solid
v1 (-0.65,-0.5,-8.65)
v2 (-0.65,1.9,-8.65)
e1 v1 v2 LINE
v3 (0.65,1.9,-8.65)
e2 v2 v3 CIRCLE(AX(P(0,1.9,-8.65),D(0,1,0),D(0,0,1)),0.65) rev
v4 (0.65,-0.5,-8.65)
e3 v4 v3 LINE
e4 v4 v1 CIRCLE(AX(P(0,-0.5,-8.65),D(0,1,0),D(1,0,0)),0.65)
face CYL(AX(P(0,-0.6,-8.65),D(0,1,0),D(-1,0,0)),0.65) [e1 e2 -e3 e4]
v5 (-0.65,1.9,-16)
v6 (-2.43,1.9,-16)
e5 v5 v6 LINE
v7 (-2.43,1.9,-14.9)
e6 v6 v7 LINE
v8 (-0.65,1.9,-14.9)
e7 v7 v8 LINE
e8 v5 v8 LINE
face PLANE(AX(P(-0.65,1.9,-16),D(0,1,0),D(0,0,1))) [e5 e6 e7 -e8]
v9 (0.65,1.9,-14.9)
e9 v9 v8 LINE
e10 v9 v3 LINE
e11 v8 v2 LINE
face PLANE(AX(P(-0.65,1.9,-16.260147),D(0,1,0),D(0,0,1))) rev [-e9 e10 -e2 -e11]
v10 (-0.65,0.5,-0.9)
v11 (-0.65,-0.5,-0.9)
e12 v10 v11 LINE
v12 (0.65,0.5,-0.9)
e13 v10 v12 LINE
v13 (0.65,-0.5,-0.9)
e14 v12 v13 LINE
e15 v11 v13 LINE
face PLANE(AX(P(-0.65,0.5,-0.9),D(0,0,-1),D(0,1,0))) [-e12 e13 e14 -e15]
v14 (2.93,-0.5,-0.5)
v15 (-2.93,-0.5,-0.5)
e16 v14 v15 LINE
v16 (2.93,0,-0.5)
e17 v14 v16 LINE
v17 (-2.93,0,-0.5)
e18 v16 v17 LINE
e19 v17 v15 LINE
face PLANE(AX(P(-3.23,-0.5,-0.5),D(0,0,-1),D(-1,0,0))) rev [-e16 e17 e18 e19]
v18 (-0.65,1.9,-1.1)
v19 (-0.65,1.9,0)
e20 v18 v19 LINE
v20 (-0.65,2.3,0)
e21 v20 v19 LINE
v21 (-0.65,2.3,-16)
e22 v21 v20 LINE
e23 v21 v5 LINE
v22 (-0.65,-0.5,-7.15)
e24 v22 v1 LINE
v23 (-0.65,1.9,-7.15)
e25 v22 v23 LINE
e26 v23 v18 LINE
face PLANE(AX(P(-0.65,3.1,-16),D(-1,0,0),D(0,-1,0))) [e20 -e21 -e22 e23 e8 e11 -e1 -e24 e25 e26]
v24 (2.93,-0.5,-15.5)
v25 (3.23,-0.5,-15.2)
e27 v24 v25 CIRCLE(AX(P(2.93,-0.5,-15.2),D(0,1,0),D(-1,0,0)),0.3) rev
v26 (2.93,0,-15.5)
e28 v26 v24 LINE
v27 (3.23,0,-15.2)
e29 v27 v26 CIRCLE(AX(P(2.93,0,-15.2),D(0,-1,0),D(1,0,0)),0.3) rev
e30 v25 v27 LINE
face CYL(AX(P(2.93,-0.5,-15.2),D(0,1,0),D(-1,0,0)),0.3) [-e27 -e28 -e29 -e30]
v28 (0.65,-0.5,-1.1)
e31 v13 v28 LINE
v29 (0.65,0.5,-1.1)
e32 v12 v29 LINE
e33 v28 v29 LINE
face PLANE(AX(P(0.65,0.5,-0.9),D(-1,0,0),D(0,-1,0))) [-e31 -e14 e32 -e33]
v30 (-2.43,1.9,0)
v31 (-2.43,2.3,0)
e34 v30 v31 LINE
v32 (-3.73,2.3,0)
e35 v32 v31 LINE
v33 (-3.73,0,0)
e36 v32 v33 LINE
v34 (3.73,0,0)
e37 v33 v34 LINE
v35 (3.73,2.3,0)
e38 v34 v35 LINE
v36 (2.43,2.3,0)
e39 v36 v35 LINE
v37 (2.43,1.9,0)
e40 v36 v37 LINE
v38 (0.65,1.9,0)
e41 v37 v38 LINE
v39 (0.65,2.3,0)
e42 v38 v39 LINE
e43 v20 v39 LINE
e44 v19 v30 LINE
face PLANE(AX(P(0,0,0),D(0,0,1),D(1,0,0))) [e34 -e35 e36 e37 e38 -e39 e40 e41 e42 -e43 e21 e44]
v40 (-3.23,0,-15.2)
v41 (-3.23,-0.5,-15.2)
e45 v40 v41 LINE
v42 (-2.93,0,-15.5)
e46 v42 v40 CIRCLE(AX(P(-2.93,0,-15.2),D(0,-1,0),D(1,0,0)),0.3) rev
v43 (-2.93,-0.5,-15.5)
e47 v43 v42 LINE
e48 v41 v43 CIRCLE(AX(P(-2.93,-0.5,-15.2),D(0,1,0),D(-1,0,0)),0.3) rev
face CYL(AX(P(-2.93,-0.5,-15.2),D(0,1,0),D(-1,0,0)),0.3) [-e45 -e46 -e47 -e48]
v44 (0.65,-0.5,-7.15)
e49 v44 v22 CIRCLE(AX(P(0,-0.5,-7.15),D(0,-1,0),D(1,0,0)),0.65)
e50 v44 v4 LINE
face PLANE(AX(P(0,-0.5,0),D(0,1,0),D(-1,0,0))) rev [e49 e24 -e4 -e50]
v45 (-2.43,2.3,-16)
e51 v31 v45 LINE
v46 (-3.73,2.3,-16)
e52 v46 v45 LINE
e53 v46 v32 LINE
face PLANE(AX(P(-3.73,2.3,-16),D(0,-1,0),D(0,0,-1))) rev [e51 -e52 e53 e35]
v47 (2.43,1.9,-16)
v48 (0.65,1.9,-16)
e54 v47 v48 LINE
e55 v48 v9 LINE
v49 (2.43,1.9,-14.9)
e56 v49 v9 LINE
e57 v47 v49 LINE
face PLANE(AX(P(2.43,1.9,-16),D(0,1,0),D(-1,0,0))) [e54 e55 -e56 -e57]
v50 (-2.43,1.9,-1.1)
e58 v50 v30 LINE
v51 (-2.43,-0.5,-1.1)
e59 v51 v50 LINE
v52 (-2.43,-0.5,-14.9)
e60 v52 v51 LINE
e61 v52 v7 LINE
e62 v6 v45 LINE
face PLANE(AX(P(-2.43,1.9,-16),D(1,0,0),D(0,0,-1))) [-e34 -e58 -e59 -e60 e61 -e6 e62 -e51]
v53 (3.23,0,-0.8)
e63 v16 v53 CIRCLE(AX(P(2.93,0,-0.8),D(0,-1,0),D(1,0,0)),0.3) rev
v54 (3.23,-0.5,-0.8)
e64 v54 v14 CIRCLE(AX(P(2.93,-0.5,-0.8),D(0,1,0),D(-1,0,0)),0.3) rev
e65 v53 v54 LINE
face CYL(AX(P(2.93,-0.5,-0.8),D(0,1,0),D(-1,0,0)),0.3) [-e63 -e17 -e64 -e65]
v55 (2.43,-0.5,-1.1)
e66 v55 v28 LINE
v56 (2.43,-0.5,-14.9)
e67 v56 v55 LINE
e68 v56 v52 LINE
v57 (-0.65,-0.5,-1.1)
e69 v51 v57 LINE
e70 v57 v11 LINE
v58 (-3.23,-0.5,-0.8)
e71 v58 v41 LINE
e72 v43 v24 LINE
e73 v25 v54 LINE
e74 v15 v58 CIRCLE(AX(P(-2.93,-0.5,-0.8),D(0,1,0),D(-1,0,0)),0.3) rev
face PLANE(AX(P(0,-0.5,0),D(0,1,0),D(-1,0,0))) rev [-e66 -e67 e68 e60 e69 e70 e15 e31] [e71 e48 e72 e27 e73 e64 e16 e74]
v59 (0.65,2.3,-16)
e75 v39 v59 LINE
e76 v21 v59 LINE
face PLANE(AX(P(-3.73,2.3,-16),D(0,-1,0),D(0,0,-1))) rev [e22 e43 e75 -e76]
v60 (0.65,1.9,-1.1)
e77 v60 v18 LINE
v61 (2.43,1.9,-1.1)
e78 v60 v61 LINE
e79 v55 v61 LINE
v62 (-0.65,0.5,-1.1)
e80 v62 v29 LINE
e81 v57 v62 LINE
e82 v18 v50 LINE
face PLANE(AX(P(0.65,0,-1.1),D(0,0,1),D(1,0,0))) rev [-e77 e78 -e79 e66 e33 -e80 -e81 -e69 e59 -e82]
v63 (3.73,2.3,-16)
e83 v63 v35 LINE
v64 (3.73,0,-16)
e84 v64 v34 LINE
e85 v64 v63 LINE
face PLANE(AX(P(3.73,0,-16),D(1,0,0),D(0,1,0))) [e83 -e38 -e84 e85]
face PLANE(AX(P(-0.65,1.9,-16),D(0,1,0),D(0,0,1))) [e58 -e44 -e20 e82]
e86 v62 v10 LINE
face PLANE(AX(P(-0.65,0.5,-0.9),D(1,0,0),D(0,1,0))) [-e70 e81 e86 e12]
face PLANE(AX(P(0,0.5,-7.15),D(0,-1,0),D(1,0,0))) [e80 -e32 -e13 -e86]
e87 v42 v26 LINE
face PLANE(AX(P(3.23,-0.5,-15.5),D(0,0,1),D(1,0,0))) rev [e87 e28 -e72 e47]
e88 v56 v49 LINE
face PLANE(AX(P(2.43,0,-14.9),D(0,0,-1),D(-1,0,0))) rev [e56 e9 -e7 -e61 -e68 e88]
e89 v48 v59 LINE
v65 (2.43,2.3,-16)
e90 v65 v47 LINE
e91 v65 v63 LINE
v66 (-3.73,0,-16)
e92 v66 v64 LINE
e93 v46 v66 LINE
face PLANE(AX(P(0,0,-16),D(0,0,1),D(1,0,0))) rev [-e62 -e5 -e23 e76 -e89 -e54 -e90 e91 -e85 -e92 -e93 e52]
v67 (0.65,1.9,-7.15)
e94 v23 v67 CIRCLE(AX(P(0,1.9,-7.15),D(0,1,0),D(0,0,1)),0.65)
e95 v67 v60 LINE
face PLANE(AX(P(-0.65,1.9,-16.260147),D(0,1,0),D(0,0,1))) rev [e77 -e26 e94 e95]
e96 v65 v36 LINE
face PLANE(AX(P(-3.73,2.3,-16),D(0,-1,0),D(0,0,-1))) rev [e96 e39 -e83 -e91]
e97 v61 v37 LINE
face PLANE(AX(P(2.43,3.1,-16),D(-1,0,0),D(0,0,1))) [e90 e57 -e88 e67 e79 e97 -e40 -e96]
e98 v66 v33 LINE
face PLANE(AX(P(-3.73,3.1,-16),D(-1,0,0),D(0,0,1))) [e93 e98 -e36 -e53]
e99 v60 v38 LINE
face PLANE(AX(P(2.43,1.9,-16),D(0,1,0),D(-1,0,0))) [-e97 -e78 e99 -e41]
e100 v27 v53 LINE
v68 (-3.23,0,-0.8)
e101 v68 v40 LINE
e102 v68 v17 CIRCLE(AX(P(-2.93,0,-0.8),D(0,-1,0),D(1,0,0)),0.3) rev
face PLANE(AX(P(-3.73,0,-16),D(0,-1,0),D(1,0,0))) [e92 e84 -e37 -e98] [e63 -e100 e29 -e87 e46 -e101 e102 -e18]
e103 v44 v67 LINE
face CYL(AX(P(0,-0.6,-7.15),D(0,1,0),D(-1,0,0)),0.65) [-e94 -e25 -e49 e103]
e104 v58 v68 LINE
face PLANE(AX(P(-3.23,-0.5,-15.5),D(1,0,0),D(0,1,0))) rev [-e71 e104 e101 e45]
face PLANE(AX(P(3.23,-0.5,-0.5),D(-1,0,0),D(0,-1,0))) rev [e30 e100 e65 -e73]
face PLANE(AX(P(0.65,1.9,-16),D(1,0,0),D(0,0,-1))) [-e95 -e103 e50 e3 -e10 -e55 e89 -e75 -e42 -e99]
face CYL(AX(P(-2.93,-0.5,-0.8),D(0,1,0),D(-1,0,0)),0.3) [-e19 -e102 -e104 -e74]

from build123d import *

# Parameters (mm, degrees)
BOSS_EXTRUDE1_DEPTH = 16
SKETCH2_W           = 1.78
SKETCH2_H           = 13.8
CUT_EXTRUDE3_DEPTH  = 17.538527746
SKETCH3_W           = 1.3
SKETCH3_H           = 13.8
CUT_EXTRUDE4_DEPTH  = 2.8
BOSS_EXTRUDE2_DEPTH = 3.4
SKETCH5_W           = 6.46
SKETCH5_H           = 15
BOSS_EXTRUDE3_DEPTH = 0.5
SKETCH7_W           = 1.78
SKETCH7_H           = 13.8
CUT_EXTRUDE5_DEPTH  = 17.718938363
SKETCH8_W           = 1.3
SKETCH8_H           = 13.8
CUT_EXTRUDE6_DEPTH  = 0.1
CUT_EXTRUDE7_START  = -1
CUT_EXTRUDE7_DEPTH  = 1
FILLET1_R           = 0.3
SKETCH10_W          = 7.46
SKETCH10_H          = 0.8
CUT_EXTRUDE9_DEPTH  = 17.718938363
SKETCH11_W          = 1.3
SKETCH11_H          = 0.4
BOSS_EXTRUDE4_DEPTH = 13.8


with BuildPart() as part:
    # Sketch1 → Boss-Extrude1 (new body)
    with BuildSketch(Plane.XY):
        Polygon((-3.73, 0), (3.73, 0), (3.73, 3.1), (2.43, 3.1), (2.43, 1.9), (0.65, 1.9), (0.65, 3.1), (-0.65, 3.1), (-0.65, 1.9), (-2.43, 1.9), (-2.43, 3.1), (-3.73, 3.1), align=None)
    extrude(amount=-BOSS_EXTRUDE1_DEPTH)

    # Sketch2 → Cut-Extrude3 (cut, through all)
    with BuildSketch(Plane(origin=(0, 1.9, 0), x_dir=(1, 0, 0), z_dir=(0, 1, 0))):
        with Locations((1.54, 8)):
            Rectangle(SKETCH2_W, SKETCH2_H)
    cut_extrude3 = extrude(amount=-CUT_EXTRUDE3_DEPTH, mode=Mode.SUBTRACT)

    # Mirror1: Cut-Extrude3 across plane
    add(cut_extrude3.mirror(Plane(origin=(0, 0, 0), x_dir=(0, 0, 1), z_dir=(1, 0, 0))), mode=Mode.SUBTRACT)

    # Sketch3 → Cut-Extrude4 (cut)
    with BuildSketch(Plane.XZ):
        with Locations((0, -8)):
            Rectangle(SKETCH3_W, SKETCH3_H)
    extrude(amount=-CUT_EXTRUDE4_DEPTH, mode=Mode.SUBTRACT)

    # Sketch4 → Boss-Extrude2 (add)
    with BuildSketch(Plane.XZ.offset(-2.8)):
        with BuildLine():
            Line((0.65, -7.15), (0.65, -8.65))
            ThreePointArc((0.65, -8.65), (0, -9.3), (-0.65, -8.65))
            Line((-0.65, -8.65), (-0.65, -7.15))
            ThreePointArc((-0.65, -7.15), (0, -6.5), (0.65, -7.15))
        make_face()
    extrude(amount=BOSS_EXTRUDE2_DEPTH)

    # Sketch5 → Boss-Extrude3 (add)
    with BuildSketch(Plane.XZ):
        with Locations((0, -8)):
            Rectangle(SKETCH5_W, SKETCH5_H)
    extrude(amount=BOSS_EXTRUDE3_DEPTH)

    # Sketch7 → Cut-Extrude5 (cut, through all)
    with BuildSketch(Plane(origin=(0, 0, 0), x_dir=(1, 0, 0), z_dir=(0, 1, 0))):
        with Locations((-1.54, 8)):
            Rectangle(SKETCH7_W, SKETCH7_H)
    cut_extrude5 = extrude(amount=-CUT_EXTRUDE5_DEPTH, mode=Mode.SUBTRACT)

    # Mirror2: Cut-Extrude5 across plane
    add(cut_extrude5.mirror(Plane(origin=(0, 0, 0), x_dir=(0, 0, 1), z_dir=(1, 0, 0))), mode=Mode.SUBTRACT)

    # Sketch8 → Cut-Extrude6 (cut)
    with BuildSketch(Plane.XZ.offset(0.5)):
        with Locations((0, -8)):
            Rectangle(SKETCH8_W, SKETCH8_H)
    extrude(amount=CUT_EXTRUDE6_DEPTH, mode=Mode.SUBTRACT)

    # Sketch9 → Cut-Extrude7 (cut)
    with BuildSketch(Plane.XZ.offset(0.5).offset(CUT_EXTRUDE7_START)):
        with BuildLine():
            Line((-0.65, -14.9), (0.65, -14.9))
            Line((0.65, -14.9), (0.65, -8.65))
            ThreePointArc((0.65, -8.65), (0, -9.3), (-0.65, -8.65))
            Line((-0.65, -8.65), (-0.65, -14.9))
        make_face()
    cut_extrude7 = extrude(amount=CUT_EXTRUDE7_DEPTH, mode=Mode.SUBTRACT)

    # Mirror3: Cut-Extrude7 across plane
    add(cut_extrude7.mirror(Plane.XY.offset(-7.9)), mode=Mode.SUBTRACT)

    # Fillet1
    fillet1_edges = [part.edges().sort_by_distance(p)[0] for p in [
        (3.23, -0.25, -0.5),
        (-3.23, -0.25, -0.5),
        (-3.23, -0.25, -15.5),
        (3.23, -0.25, -15.5),
    ]]
    fillet(fillet1_edges, radius=FILLET1_R)

    # Sketch10 → Cut-Extrude9 (cut, through all)
    with BuildSketch(Plane.XY):
        with Locations((0, 2.7)):
            Rectangle(SKETCH10_W, SKETCH10_H)
    extrude(amount=-CUT_EXTRUDE9_DEPTH, mode=Mode.SUBTRACT)


with BuildPart() as cut_extrude9_piece_1:
    # of the separate pieces the step leaves, piece 1, a body of its own (cut_extrude9_pieces)
    add(part.part.solids().sort_by_distance((-2.93, 0, -0.5))[0])



with BuildPart() as cut_extrude9_piece_2:
    # of the separate pieces the step leaves, piece 2, a body of its own (cut_extrude9_pieces)
    add(part.part.solids().sort_by_distance((-0.65, -0.5, -7.15))[0])


with BuildPart() as cut_extrude9_piece_1_1:
    add(cut_extrude9_piece_1.part)

    add(cut_extrude9_piece_2.part)  # Boss-Extrude4 merges Cut-Extrude9 piece 2
    # Sketch11 → Boss-Extrude4 (add)
    with BuildSketch(Plane(origin=(0, 0, -1.1), x_dir=(-1, 0, 0), z_dir=(0, 0, -1))):
        with Locations((0, 2.1)):
            Rectangle(SKETCH11_W, SKETCH11_H)
    extrude(amount=BOSS_EXTRUDE4_DEPTH)


solid = cut_extrude9_piece_1_1.part
